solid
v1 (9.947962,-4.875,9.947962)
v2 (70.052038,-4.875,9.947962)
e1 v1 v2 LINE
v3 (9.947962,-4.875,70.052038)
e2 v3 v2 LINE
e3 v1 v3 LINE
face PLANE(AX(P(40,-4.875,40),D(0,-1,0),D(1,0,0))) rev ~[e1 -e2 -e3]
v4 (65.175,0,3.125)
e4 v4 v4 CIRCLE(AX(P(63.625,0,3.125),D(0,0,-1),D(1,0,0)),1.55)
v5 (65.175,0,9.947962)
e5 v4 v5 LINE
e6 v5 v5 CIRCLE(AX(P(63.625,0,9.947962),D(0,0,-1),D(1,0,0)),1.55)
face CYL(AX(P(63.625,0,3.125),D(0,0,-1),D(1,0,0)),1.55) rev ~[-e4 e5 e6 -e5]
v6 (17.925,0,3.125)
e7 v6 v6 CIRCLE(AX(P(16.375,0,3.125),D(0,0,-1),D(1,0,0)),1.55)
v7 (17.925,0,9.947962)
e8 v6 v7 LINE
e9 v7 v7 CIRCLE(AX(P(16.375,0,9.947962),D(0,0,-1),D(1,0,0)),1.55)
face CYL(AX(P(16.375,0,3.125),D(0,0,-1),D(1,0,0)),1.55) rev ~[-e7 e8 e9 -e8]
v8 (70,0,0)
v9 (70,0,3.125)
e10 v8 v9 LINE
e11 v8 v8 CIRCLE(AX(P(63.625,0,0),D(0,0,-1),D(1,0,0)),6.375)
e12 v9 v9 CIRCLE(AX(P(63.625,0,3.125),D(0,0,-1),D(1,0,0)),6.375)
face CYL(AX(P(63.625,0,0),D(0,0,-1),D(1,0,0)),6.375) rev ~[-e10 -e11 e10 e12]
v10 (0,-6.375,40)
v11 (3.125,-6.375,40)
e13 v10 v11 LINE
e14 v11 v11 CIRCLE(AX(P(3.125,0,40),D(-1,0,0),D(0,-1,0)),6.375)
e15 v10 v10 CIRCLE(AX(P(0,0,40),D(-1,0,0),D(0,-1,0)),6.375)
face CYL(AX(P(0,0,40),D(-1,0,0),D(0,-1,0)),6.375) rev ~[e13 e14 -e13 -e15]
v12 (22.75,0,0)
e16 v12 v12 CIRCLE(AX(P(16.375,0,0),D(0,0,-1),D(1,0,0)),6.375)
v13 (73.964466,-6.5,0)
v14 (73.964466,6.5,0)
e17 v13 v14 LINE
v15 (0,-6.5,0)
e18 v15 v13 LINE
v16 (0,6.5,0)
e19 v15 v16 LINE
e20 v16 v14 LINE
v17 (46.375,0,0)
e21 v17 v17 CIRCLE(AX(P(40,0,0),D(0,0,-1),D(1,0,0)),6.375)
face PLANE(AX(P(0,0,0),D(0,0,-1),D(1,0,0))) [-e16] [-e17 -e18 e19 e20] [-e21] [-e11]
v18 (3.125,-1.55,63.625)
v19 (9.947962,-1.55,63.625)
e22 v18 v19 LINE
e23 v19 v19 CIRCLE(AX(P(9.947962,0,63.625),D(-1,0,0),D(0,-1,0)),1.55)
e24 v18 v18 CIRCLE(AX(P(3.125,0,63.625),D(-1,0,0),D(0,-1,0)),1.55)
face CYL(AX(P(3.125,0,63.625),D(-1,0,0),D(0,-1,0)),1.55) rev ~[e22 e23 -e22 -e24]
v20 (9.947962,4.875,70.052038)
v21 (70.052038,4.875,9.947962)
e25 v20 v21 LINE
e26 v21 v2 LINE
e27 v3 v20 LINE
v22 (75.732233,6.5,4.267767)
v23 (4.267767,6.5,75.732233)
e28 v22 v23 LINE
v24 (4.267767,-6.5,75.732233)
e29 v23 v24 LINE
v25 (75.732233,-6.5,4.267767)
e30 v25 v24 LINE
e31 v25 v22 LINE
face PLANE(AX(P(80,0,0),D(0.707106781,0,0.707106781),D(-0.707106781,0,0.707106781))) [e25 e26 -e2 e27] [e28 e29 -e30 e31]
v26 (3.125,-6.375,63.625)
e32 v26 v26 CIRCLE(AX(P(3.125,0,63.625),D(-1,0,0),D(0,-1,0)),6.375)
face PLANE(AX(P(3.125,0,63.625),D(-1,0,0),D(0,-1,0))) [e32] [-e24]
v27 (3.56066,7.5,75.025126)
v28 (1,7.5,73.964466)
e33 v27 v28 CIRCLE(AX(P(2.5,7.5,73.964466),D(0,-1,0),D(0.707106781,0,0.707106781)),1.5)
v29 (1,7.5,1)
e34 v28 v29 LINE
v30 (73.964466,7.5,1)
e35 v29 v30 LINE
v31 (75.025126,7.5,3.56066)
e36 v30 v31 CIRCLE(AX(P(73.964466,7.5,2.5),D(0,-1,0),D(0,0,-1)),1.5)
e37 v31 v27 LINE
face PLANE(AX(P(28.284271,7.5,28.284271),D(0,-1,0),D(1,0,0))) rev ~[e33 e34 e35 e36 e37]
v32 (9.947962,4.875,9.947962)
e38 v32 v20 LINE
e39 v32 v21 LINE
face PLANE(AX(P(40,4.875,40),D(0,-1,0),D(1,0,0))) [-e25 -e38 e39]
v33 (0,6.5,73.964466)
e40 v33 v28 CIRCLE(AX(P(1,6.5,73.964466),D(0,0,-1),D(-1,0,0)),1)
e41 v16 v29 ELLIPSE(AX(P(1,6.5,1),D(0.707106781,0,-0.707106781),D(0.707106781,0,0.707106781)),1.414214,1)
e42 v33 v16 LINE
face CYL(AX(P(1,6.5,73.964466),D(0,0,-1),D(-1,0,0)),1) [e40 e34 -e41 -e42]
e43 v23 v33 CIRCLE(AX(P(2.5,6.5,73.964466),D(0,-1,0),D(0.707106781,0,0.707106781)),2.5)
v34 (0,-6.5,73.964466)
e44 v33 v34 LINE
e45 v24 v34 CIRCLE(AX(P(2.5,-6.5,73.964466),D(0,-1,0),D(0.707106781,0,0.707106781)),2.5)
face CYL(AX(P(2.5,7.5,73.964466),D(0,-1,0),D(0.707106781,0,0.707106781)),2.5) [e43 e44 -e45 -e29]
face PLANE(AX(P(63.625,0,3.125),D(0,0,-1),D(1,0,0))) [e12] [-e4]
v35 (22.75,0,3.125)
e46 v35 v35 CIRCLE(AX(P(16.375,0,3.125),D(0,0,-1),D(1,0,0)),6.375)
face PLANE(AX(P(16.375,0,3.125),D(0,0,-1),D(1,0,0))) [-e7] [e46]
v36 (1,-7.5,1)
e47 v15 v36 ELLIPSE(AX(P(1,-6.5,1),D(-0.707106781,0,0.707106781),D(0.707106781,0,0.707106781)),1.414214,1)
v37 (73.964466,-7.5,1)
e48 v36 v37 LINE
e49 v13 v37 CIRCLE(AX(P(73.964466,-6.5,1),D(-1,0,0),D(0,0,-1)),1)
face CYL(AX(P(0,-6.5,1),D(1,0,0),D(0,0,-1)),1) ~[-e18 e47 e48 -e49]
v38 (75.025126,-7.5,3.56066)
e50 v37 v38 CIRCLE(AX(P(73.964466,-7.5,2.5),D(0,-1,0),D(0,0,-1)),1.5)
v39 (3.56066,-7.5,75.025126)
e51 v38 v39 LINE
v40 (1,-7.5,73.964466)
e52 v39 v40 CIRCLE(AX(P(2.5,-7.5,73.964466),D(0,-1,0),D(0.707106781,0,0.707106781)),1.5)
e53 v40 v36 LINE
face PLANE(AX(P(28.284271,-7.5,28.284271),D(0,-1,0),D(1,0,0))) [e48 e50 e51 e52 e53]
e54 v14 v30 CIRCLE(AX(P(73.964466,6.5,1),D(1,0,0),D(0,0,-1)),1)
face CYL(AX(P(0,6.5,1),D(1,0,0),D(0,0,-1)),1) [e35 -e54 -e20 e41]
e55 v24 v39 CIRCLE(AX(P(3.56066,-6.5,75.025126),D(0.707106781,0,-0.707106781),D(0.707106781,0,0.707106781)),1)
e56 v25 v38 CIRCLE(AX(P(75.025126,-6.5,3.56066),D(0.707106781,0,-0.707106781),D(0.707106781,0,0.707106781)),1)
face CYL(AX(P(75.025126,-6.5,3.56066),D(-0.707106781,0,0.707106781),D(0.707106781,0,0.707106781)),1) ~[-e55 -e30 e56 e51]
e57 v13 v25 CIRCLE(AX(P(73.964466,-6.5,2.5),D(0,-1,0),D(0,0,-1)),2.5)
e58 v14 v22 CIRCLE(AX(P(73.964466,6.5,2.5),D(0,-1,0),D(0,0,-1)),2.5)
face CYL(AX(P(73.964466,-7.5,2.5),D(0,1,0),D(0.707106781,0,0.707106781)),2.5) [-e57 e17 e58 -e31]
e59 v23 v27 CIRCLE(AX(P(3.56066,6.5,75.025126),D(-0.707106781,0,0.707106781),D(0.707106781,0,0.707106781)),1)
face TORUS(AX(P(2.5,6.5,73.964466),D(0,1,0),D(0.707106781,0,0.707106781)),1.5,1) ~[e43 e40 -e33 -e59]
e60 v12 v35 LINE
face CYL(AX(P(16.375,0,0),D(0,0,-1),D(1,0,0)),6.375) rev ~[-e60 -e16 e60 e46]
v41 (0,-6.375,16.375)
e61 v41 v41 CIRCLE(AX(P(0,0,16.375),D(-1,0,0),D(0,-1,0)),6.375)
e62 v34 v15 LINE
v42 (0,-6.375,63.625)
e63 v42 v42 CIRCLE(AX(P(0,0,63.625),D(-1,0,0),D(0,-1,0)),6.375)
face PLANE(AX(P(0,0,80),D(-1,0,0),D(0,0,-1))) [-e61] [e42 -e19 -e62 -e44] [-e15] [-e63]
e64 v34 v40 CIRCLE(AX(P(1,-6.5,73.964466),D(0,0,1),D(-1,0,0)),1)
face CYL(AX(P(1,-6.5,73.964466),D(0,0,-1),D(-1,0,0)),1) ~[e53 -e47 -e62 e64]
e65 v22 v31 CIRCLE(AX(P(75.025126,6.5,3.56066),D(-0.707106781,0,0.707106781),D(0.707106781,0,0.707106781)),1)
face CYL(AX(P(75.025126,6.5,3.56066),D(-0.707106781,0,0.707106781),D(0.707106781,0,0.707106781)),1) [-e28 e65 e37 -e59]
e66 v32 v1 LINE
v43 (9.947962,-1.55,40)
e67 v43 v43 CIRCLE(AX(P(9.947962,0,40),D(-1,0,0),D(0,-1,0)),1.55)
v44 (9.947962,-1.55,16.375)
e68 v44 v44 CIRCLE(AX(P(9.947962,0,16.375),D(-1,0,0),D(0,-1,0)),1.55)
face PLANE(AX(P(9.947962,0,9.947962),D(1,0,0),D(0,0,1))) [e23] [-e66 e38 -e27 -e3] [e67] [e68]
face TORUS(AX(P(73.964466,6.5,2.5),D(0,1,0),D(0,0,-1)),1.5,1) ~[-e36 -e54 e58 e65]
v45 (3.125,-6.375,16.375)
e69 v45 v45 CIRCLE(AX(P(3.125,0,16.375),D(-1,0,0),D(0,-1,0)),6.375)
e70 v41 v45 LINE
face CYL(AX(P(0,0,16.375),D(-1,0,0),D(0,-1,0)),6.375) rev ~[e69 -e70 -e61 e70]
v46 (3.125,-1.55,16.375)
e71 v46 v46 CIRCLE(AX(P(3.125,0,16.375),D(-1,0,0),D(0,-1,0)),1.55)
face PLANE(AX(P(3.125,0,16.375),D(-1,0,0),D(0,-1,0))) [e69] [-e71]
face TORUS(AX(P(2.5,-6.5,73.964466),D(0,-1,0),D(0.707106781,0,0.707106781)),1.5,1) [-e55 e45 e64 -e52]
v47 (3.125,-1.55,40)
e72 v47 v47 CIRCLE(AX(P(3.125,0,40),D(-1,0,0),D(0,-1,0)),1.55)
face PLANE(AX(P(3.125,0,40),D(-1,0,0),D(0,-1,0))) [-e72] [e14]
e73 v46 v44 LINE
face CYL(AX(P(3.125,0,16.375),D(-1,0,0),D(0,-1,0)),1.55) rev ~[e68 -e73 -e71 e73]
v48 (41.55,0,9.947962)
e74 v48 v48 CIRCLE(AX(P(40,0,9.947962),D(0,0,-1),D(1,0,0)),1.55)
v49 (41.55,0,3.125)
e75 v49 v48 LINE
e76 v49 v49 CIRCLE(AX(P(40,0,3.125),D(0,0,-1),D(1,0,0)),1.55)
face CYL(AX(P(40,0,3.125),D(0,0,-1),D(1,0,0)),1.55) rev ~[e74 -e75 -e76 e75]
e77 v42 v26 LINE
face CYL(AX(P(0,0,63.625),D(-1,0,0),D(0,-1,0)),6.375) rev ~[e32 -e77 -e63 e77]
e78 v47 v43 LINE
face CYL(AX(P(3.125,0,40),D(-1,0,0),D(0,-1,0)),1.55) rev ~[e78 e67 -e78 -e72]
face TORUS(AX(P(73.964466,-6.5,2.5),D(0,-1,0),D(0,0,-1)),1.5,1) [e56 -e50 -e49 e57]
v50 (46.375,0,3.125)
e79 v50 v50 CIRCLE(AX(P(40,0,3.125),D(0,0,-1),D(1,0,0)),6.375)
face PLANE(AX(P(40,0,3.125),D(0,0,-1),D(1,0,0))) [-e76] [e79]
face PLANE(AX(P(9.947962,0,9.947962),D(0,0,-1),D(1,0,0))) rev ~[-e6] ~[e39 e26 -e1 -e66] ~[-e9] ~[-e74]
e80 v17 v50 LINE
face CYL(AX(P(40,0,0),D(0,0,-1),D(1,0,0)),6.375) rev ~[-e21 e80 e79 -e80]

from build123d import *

# Parameters (mm, degrees)
F1_DEPTH  = 7.5
F2_R      = 6.375
F3_DEPTH  = 3.125
F4_R      = 6.375
F5_DEPTH  = 3.125
F6_W      = 60.104076
F6_H      = 60.104076
F7_DEPTH  = 4.875
F8_R      = 1.55
F9_DEPTH  = 76.876
F10_R     = 1.55
F11_DEPTH = 76.876
F12_R     = 2.5
F13_R     = 1


with BuildPart() as f1:
    # F0 (on Front) → F1 (new body, symmetric)
    with BuildSketch(Plane.XZ):
        Polygon((80, 0), (0, 80), (0, 0), align=None)
    extrude(amount=F1_DEPTH, both=True)

    # F2 (on face) → F3 (cut)
    with BuildSketch(Plane(origin=(0, 0, 0), x_dir=(0, -1, 0), z_dir=(-1, 0, 0))):
        with Locations((0, 63.625)):
            Circle(F2_R)
        with Locations((0, 40)):
            Circle(F2_R)
        with Locations((0, 16.375)):
            Circle(F2_R)
    extrude(amount=-F3_DEPTH, mode=Mode.SUBTRACT)

    # F4 (on face) → F5 (cut)
    with BuildSketch(Plane(origin=(0, 0, 0), x_dir=(1, 0, 0), z_dir=(0, 0, -1))):
        with Locations((16.375, 0)):
            Circle(F4_R)
        with Locations((40, 0)):
            Circle(F4_R)
        with Locations((63.625, 0)):
            Circle(F4_R)
    extrude(amount=-F5_DEPTH, mode=Mode.SUBTRACT)

    # F6 (on Front) → F7 (cut, symmetric)
    with BuildSketch(Plane.XZ):
        with Locations((40, 40)):
            Rectangle(F6_W, F6_H)
    extrude(amount=F7_DEPTH, both=True, mode=Mode.SUBTRACT)

    # F8 (on face) → F9 (cut, through all)
    with BuildSketch(Plane(origin=(3.125, 0, 0), x_dir=(0, -1, 0), z_dir=(-1, 0, 0))):
        with Locations((0, 63.625)):
            Circle(F8_R)
        with Locations((0, 40)):
            Circle(F8_R)
        with Locations((0, 16.375)):
            Circle(F8_R)
    extrude(amount=-F9_DEPTH, mode=Mode.SUBTRACT)

    # F10 (on face) → F11 (cut, through all)
    with BuildSketch(Plane(origin=(0, 0, 3.125), x_dir=(1, 0, 0), z_dir=(0, 0, -1))):
        with Locations((16.375, 0)):
            Circle(F10_R)
        with Locations((40, 0)):
            Circle(F10_R)
        with Locations((63.625, 0)):
            Circle(F10_R)
    extrude(amount=-F11_DEPTH, mode=Mode.SUBTRACT)

    # F12
    f12_edges = [f1.edges().sort_by_distance(p)[0] for p in [
        (0, 0, 80),
        (80, 0, 0),
    ]]
    fillet(f12_edges, radius=F12_R)

    # F13
    f13_edges = [f1.edges().sort_by_distance(p)[0] for p in [
        (40, -7.5, 40),
        (40, 7.5, 40),
    ]]
    fillet(f13_edges, radius=F13_R)


solid = f1.part
